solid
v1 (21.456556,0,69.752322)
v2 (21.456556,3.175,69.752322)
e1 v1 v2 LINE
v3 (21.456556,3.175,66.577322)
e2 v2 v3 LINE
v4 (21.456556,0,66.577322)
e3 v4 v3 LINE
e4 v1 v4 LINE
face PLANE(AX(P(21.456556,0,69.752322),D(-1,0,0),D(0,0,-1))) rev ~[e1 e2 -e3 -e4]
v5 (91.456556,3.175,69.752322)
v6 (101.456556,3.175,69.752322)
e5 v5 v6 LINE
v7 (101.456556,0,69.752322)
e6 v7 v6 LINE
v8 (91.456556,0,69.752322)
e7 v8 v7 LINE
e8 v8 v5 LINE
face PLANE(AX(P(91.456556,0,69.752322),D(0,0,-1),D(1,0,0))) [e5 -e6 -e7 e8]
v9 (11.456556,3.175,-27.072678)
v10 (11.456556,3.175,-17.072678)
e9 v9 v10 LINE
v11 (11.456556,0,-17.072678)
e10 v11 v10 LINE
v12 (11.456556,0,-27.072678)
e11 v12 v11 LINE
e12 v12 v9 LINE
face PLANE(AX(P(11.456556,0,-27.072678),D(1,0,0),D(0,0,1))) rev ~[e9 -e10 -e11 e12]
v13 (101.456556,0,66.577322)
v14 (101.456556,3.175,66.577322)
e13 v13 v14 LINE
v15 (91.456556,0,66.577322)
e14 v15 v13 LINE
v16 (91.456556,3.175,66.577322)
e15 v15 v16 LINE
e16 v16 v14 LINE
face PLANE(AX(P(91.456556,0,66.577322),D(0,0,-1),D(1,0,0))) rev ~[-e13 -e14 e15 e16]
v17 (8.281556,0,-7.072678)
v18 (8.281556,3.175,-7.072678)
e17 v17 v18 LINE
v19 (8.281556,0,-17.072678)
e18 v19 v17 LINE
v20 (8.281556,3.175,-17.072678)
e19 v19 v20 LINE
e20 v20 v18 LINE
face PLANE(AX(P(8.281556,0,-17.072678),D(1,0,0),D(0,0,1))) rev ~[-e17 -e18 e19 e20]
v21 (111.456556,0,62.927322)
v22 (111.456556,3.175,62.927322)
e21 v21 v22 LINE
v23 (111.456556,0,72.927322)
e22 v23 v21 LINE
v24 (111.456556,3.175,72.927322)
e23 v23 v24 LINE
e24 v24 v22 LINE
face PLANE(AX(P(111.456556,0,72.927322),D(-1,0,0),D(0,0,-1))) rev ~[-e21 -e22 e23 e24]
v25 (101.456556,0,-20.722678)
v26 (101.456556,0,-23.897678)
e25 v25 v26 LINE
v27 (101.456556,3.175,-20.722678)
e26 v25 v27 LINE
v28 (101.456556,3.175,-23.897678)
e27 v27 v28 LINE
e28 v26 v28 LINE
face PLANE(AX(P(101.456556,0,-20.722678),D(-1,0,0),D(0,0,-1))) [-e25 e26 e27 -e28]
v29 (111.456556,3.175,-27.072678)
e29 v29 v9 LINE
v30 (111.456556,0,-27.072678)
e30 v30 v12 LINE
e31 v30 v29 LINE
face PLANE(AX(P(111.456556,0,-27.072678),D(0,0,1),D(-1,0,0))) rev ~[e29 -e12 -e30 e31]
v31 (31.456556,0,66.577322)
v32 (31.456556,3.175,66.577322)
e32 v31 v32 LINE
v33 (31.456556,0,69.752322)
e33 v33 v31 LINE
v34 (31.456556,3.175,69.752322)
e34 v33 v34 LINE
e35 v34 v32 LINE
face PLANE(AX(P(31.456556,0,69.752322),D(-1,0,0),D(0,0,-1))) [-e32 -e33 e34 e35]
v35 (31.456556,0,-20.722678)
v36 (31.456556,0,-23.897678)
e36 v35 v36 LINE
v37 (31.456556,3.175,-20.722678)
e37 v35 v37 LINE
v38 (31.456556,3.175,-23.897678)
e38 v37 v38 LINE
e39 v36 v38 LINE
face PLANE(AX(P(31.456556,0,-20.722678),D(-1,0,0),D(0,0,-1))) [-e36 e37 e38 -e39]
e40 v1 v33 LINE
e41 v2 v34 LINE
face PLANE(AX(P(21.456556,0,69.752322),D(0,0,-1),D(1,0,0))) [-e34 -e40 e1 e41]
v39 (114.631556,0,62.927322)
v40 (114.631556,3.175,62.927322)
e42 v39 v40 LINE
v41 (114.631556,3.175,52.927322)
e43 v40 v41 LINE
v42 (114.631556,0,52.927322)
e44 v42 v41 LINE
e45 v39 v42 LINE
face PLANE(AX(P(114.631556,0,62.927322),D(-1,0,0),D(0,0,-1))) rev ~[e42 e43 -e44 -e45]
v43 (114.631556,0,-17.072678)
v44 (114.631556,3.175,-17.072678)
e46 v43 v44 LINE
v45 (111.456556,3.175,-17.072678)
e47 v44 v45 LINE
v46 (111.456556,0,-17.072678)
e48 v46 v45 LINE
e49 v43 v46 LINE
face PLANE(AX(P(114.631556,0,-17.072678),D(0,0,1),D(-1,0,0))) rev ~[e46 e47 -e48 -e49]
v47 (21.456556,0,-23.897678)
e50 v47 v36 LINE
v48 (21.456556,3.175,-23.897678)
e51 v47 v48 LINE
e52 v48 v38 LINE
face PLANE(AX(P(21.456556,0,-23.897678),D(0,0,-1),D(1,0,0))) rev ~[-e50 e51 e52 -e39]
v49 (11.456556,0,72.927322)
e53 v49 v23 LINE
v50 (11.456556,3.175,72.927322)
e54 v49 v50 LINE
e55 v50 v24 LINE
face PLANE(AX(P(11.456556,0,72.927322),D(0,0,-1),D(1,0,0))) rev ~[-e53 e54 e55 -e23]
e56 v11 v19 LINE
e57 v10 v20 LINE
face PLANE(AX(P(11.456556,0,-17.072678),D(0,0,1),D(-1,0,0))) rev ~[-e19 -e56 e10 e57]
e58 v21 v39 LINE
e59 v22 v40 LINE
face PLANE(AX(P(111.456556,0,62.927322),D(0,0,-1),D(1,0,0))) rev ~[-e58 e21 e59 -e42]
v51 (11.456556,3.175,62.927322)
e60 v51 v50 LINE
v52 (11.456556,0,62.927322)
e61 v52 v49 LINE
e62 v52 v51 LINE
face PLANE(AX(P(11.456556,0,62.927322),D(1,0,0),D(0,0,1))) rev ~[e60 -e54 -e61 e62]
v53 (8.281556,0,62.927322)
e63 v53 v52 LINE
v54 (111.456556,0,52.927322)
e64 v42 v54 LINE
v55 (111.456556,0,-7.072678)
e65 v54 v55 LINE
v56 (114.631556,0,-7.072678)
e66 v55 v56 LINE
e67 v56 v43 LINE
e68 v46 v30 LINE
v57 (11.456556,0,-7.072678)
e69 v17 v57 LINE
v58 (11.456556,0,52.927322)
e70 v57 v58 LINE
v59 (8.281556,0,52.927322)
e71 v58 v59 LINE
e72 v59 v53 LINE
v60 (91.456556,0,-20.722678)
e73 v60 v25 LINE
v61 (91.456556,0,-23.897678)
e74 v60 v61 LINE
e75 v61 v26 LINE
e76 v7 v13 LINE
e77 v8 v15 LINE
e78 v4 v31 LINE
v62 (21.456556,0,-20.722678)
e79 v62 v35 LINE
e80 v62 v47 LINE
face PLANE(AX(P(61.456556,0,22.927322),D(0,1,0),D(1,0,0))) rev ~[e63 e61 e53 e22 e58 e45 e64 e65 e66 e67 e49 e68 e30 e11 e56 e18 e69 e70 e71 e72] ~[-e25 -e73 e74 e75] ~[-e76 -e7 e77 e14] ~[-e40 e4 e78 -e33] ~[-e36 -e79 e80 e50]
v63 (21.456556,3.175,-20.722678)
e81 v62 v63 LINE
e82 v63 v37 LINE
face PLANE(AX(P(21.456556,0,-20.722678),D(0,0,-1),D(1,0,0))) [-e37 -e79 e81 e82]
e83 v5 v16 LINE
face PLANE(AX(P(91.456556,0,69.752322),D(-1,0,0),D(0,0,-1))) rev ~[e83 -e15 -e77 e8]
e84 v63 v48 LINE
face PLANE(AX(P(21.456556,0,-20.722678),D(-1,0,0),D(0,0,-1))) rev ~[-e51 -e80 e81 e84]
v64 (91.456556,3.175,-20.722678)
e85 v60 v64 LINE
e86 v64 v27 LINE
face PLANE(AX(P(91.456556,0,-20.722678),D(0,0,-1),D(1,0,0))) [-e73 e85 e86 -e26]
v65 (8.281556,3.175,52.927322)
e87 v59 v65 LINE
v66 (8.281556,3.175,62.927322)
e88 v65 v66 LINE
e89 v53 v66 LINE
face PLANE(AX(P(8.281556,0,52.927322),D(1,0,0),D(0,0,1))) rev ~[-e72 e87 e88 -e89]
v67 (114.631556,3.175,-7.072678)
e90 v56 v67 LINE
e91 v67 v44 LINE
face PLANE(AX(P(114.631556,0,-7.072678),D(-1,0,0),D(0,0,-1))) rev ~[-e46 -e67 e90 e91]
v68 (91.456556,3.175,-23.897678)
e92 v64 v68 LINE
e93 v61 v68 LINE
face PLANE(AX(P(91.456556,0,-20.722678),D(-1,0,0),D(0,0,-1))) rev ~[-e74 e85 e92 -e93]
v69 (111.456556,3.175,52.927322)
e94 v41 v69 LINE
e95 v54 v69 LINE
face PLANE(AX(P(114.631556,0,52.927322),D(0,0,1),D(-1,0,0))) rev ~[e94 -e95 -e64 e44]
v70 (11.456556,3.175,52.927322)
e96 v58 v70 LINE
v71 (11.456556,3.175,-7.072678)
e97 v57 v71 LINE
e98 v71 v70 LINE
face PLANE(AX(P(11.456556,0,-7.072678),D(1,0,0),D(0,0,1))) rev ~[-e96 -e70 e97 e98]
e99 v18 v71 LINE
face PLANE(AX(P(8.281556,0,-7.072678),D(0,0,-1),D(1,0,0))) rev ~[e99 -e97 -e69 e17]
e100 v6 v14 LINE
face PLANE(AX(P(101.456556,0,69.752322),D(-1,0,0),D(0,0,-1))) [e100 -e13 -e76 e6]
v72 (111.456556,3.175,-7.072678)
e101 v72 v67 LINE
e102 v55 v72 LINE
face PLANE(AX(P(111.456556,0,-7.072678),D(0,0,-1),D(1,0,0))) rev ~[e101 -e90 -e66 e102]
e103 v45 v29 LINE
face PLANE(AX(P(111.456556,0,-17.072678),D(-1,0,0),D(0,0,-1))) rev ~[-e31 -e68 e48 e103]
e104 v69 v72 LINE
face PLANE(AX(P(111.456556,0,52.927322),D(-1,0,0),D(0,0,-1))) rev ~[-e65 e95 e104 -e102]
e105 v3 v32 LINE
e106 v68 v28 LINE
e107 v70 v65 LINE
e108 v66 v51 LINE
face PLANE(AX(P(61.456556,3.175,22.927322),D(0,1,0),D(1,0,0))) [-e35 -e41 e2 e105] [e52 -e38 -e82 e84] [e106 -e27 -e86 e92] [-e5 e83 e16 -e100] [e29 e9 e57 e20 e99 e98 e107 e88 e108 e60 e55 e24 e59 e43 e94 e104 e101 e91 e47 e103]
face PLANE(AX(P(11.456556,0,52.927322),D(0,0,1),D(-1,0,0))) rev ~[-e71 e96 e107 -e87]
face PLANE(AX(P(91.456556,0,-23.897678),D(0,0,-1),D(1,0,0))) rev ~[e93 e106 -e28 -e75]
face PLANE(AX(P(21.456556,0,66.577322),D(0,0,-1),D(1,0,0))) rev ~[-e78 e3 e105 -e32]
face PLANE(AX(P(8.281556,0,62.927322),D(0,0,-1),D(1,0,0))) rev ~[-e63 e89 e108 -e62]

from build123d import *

# Parameters (mm, degrees)
SKETCH2_W           = 10
SKETCH2_H           = 3.175
BOSS_EXTRUDE1_DEPTH = 3.175


with BuildPart() as part:
    # Sketch2 → Boss-Extrude1 (new body)
    with BuildSketch(Plane(origin=(0, 0, 0), x_dir=(1, 0, 0), z_dir=(0, 1, 0))):
        Polygon((11.456556246, -72.927322323), (111.456556246, -72.927322323), (111.456556246, -62.927322323), (114.631556246, -62.927322323), (114.631556246, -52.927322323), (111.456556246, -52.927322323), (111.456556246, 7.072677677), (114.631556246, 7.072677677), (114.631556246, 17.072677677), (111.456556246, 17.072677677), (111.456556246, 27.072677677), (11.456556246, 27.072677677), (11.456556246, 17.072677677), (8.281556246, 17.072677677), (8.281556246, 7.072677677), (11.456556246, 7.072677677), (11.456556246, -52.927322323), (8.281556246, -52.927322323), (8.281556246, -62.927322323), (11.456556246, -62.927322323), align=None)
        with Locations((26.456556246, 22.310177677)):
            Rectangle(SKETCH2_W, SKETCH2_H, mode=Mode.SUBTRACT)
        with Locations((96.456556246, 22.310177677)):
            Rectangle(SKETCH2_W, SKETCH2_H, mode=Mode.SUBTRACT)
        with Locations((96.456556246, -68.164822323)):
            Rectangle(SKETCH2_W, SKETCH2_H, mode=Mode.SUBTRACT)
        with Locations((26.456556246, -68.164822323)):
            Rectangle(SKETCH2_W, SKETCH2_H, mode=Mode.SUBTRACT)
    extrude(amount=BOSS_EXTRUDE1_DEPTH)


solid = part.part
